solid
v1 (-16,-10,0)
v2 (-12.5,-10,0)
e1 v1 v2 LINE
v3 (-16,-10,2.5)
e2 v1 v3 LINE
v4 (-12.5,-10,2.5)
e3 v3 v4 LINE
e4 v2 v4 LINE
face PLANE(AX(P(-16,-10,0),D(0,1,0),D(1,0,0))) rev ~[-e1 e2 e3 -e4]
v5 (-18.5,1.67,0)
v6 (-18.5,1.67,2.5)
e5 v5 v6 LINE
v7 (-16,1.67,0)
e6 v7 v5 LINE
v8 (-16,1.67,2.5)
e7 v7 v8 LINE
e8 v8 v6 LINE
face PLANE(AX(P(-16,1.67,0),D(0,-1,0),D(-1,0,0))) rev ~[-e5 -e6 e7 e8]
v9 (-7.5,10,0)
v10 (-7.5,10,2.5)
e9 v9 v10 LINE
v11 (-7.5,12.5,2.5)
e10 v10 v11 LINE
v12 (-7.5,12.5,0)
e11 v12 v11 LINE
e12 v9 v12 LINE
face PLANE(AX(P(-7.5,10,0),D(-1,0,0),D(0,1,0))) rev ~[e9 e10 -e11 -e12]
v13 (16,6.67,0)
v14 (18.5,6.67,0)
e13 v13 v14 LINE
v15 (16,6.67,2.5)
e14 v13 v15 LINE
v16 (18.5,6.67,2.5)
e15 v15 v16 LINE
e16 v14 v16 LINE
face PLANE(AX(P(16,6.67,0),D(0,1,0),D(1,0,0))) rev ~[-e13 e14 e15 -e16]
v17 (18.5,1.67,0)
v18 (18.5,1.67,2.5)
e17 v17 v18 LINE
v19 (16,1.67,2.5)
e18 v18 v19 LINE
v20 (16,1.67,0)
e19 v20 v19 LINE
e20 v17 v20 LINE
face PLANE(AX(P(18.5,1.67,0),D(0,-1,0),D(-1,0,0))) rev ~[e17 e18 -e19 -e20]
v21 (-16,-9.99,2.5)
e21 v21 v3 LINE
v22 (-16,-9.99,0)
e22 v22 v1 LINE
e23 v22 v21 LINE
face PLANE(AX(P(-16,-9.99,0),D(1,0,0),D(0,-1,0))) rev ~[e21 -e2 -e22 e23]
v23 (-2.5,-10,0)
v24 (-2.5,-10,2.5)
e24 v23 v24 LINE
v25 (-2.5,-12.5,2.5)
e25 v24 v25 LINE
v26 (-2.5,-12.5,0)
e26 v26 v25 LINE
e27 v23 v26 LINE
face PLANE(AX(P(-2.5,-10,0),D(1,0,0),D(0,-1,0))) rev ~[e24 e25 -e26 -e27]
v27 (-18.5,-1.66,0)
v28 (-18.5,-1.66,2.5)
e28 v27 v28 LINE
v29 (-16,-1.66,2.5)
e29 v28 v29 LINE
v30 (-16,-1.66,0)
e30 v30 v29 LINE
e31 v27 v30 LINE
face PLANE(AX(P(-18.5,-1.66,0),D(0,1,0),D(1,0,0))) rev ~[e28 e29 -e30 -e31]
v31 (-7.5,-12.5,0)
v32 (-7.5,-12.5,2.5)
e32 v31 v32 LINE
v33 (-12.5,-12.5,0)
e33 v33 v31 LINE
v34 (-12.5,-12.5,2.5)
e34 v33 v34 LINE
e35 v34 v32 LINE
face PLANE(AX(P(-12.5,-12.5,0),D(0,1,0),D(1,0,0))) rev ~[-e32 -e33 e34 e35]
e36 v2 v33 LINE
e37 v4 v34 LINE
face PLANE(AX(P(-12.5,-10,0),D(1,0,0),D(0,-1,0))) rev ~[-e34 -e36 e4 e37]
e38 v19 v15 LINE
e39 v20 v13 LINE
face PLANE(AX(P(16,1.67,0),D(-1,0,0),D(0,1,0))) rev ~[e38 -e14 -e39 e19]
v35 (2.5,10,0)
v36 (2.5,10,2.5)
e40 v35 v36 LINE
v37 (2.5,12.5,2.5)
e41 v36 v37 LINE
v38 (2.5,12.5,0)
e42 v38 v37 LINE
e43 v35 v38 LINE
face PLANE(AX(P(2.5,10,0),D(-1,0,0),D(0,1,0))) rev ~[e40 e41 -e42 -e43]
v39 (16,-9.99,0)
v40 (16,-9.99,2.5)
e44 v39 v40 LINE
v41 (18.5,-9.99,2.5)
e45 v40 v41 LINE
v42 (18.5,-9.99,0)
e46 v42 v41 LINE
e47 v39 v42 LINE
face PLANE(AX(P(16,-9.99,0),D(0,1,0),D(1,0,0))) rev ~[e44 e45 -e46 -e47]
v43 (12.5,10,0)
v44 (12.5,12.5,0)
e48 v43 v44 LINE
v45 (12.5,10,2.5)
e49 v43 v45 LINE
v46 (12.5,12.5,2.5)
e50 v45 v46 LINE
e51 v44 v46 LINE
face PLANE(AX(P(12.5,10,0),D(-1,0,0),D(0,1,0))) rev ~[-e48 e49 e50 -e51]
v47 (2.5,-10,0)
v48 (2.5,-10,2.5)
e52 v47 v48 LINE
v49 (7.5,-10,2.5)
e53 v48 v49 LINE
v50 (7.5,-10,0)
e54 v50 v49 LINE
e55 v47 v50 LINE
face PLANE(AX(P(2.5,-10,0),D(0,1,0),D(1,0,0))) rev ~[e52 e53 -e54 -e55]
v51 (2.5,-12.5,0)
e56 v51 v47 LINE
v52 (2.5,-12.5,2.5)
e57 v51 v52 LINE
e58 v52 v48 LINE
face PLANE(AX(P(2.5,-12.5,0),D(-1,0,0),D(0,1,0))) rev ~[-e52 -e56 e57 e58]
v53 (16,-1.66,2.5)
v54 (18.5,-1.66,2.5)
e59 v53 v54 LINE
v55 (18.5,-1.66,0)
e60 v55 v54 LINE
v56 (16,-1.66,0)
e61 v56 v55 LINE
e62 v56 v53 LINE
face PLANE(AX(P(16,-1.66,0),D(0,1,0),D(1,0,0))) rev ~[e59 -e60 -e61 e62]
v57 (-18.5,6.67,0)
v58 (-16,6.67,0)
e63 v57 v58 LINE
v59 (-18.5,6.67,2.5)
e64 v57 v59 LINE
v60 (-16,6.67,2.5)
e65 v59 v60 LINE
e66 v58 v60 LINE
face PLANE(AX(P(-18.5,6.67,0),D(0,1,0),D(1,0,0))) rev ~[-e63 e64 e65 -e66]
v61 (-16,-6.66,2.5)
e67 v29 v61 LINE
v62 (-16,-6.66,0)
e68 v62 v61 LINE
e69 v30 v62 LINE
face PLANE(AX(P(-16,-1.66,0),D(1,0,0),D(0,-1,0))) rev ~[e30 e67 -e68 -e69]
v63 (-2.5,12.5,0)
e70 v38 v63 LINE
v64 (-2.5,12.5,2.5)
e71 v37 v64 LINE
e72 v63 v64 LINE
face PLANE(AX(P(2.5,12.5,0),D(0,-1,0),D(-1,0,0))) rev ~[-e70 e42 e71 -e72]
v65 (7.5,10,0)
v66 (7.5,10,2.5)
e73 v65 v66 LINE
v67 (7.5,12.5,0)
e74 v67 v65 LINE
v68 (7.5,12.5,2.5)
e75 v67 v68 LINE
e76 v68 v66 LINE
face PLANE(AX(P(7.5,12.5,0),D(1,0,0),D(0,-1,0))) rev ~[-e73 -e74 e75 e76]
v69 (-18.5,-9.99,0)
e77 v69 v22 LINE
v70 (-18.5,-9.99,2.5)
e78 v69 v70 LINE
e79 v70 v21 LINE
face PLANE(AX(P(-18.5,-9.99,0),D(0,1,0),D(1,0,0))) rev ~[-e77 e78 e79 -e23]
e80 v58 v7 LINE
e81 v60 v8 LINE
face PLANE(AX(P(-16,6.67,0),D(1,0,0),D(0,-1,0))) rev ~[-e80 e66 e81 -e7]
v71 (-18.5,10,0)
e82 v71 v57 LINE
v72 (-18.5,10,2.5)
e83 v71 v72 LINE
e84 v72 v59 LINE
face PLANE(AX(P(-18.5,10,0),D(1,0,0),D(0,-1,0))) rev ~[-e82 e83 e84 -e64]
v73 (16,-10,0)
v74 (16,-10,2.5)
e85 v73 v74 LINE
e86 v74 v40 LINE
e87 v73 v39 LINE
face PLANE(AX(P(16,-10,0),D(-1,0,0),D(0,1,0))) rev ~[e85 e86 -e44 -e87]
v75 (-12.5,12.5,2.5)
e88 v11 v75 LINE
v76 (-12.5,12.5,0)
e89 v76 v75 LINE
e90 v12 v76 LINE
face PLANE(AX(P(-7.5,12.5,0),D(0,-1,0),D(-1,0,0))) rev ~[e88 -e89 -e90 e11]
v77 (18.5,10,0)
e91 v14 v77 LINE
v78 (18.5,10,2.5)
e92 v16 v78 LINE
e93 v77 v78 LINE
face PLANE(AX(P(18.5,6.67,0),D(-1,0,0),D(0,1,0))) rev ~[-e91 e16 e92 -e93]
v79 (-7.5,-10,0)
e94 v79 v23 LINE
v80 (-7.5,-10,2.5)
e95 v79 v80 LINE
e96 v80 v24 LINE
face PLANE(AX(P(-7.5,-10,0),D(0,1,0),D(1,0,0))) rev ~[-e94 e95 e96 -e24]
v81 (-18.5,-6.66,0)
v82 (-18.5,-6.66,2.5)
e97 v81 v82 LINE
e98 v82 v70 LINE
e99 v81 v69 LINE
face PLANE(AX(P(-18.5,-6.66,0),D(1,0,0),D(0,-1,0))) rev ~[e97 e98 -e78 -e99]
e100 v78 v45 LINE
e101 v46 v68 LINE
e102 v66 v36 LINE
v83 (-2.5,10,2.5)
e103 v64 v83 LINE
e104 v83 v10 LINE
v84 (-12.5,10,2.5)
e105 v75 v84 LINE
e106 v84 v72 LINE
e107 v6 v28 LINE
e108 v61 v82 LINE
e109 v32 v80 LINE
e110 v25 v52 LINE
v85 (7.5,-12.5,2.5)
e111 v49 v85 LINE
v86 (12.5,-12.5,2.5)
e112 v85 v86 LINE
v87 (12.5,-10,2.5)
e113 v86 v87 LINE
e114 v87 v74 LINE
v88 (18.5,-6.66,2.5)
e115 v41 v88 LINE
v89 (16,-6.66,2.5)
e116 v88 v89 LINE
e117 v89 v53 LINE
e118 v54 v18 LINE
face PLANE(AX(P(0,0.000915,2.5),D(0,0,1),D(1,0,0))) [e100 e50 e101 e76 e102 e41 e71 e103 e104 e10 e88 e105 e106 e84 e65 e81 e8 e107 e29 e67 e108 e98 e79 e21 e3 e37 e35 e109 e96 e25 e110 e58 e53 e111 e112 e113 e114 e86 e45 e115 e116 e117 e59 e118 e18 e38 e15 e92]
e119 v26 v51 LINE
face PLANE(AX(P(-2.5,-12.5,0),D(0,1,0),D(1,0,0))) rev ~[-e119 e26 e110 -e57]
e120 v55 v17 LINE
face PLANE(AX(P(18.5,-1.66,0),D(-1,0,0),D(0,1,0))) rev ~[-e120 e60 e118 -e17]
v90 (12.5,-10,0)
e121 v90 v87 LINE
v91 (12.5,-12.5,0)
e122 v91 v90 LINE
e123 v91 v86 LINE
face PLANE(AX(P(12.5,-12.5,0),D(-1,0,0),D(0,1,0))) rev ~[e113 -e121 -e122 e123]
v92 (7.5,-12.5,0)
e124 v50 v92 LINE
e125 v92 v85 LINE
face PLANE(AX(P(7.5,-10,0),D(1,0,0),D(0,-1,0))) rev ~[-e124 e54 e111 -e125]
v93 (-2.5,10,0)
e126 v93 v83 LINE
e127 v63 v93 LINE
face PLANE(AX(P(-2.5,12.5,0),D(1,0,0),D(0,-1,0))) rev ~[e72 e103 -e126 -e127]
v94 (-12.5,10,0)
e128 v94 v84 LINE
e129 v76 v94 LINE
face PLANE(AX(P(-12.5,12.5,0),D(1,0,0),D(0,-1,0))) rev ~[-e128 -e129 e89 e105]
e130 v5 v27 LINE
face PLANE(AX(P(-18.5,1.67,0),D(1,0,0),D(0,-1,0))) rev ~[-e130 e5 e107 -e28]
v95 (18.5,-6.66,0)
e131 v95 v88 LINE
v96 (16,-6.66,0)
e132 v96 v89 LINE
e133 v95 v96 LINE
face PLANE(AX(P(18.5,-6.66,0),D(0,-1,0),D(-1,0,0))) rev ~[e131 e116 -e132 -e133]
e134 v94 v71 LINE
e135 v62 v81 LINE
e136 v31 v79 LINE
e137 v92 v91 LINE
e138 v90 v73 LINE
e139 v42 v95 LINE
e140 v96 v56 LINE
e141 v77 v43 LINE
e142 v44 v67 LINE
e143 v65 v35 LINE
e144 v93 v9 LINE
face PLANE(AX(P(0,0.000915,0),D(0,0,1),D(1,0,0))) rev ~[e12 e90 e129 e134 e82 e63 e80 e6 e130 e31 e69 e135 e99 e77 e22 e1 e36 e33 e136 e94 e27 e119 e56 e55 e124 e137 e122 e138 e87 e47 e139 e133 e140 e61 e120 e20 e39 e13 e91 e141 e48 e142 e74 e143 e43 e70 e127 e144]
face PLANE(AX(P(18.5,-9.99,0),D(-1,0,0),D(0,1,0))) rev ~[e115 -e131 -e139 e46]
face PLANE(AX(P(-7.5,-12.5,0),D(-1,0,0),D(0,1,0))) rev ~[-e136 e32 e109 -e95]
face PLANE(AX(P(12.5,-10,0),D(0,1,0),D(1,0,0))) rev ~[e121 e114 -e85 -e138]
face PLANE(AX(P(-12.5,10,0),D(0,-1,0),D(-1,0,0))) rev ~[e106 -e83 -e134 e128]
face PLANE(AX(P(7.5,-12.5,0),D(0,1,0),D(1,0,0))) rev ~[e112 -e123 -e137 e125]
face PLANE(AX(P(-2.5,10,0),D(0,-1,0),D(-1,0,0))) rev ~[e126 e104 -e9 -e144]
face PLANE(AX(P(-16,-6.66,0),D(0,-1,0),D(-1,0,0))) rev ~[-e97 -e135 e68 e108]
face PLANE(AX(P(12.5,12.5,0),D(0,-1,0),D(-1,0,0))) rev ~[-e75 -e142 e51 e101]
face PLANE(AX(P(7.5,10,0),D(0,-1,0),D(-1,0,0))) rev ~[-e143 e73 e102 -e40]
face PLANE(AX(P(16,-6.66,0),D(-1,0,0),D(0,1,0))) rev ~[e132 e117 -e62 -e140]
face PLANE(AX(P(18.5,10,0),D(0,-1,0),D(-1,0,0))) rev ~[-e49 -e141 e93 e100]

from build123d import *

# Parameters (mm, degrees)
BOSS_EXTRUDE1_DEPTH = 2.5


with BuildPart() as part:
    # Sketch1 → Boss-Extrude1 (new body)
    with BuildSketch(Plane.XY):
        Polygon((2.5, -12.5), (2.5, -10), (7.5, -10), (7.5, -12.5), (12.5, -12.5), (12.5, -10), (16, -10), (16, -9.99), (18.5, -9.99), (18.5, -6.66), (16, -6.66), (16, -1.66), (18.5, -1.66), (18.5, 1.67), (16, 1.67), (16, 6.67), (18.5, 6.67), (18.5, 10), (12.5, 10), (12.5, 12.5), (7.5, 12.5), (7.5, 10), (2.5, 10), (2.5, 12.5), (-2.5, 12.5), (-2.5, 10), (-7.5, 10), (-7.5, 12.5), (-12.5, 12.5), (-12.5, 10), (-18.5, 10), (-18.5, 6.67), (-16, 6.67), (-16, 1.67), (-18.5, 1.67), (-18.5, -1.66), (-16, -1.66), (-16, -6.66), (-18.5, -6.66), (-18.5, -9.99), (-16, -9.99), (-16, -10), (-12.5, -10), (-12.5, -12.5), (-7.5, -12.5), (-7.5, -10), (-2.5, -10), (-2.5, -12.5), align=None)
    extrude(amount=BOSS_EXTRUDE1_DEPTH)


solid = part.part
